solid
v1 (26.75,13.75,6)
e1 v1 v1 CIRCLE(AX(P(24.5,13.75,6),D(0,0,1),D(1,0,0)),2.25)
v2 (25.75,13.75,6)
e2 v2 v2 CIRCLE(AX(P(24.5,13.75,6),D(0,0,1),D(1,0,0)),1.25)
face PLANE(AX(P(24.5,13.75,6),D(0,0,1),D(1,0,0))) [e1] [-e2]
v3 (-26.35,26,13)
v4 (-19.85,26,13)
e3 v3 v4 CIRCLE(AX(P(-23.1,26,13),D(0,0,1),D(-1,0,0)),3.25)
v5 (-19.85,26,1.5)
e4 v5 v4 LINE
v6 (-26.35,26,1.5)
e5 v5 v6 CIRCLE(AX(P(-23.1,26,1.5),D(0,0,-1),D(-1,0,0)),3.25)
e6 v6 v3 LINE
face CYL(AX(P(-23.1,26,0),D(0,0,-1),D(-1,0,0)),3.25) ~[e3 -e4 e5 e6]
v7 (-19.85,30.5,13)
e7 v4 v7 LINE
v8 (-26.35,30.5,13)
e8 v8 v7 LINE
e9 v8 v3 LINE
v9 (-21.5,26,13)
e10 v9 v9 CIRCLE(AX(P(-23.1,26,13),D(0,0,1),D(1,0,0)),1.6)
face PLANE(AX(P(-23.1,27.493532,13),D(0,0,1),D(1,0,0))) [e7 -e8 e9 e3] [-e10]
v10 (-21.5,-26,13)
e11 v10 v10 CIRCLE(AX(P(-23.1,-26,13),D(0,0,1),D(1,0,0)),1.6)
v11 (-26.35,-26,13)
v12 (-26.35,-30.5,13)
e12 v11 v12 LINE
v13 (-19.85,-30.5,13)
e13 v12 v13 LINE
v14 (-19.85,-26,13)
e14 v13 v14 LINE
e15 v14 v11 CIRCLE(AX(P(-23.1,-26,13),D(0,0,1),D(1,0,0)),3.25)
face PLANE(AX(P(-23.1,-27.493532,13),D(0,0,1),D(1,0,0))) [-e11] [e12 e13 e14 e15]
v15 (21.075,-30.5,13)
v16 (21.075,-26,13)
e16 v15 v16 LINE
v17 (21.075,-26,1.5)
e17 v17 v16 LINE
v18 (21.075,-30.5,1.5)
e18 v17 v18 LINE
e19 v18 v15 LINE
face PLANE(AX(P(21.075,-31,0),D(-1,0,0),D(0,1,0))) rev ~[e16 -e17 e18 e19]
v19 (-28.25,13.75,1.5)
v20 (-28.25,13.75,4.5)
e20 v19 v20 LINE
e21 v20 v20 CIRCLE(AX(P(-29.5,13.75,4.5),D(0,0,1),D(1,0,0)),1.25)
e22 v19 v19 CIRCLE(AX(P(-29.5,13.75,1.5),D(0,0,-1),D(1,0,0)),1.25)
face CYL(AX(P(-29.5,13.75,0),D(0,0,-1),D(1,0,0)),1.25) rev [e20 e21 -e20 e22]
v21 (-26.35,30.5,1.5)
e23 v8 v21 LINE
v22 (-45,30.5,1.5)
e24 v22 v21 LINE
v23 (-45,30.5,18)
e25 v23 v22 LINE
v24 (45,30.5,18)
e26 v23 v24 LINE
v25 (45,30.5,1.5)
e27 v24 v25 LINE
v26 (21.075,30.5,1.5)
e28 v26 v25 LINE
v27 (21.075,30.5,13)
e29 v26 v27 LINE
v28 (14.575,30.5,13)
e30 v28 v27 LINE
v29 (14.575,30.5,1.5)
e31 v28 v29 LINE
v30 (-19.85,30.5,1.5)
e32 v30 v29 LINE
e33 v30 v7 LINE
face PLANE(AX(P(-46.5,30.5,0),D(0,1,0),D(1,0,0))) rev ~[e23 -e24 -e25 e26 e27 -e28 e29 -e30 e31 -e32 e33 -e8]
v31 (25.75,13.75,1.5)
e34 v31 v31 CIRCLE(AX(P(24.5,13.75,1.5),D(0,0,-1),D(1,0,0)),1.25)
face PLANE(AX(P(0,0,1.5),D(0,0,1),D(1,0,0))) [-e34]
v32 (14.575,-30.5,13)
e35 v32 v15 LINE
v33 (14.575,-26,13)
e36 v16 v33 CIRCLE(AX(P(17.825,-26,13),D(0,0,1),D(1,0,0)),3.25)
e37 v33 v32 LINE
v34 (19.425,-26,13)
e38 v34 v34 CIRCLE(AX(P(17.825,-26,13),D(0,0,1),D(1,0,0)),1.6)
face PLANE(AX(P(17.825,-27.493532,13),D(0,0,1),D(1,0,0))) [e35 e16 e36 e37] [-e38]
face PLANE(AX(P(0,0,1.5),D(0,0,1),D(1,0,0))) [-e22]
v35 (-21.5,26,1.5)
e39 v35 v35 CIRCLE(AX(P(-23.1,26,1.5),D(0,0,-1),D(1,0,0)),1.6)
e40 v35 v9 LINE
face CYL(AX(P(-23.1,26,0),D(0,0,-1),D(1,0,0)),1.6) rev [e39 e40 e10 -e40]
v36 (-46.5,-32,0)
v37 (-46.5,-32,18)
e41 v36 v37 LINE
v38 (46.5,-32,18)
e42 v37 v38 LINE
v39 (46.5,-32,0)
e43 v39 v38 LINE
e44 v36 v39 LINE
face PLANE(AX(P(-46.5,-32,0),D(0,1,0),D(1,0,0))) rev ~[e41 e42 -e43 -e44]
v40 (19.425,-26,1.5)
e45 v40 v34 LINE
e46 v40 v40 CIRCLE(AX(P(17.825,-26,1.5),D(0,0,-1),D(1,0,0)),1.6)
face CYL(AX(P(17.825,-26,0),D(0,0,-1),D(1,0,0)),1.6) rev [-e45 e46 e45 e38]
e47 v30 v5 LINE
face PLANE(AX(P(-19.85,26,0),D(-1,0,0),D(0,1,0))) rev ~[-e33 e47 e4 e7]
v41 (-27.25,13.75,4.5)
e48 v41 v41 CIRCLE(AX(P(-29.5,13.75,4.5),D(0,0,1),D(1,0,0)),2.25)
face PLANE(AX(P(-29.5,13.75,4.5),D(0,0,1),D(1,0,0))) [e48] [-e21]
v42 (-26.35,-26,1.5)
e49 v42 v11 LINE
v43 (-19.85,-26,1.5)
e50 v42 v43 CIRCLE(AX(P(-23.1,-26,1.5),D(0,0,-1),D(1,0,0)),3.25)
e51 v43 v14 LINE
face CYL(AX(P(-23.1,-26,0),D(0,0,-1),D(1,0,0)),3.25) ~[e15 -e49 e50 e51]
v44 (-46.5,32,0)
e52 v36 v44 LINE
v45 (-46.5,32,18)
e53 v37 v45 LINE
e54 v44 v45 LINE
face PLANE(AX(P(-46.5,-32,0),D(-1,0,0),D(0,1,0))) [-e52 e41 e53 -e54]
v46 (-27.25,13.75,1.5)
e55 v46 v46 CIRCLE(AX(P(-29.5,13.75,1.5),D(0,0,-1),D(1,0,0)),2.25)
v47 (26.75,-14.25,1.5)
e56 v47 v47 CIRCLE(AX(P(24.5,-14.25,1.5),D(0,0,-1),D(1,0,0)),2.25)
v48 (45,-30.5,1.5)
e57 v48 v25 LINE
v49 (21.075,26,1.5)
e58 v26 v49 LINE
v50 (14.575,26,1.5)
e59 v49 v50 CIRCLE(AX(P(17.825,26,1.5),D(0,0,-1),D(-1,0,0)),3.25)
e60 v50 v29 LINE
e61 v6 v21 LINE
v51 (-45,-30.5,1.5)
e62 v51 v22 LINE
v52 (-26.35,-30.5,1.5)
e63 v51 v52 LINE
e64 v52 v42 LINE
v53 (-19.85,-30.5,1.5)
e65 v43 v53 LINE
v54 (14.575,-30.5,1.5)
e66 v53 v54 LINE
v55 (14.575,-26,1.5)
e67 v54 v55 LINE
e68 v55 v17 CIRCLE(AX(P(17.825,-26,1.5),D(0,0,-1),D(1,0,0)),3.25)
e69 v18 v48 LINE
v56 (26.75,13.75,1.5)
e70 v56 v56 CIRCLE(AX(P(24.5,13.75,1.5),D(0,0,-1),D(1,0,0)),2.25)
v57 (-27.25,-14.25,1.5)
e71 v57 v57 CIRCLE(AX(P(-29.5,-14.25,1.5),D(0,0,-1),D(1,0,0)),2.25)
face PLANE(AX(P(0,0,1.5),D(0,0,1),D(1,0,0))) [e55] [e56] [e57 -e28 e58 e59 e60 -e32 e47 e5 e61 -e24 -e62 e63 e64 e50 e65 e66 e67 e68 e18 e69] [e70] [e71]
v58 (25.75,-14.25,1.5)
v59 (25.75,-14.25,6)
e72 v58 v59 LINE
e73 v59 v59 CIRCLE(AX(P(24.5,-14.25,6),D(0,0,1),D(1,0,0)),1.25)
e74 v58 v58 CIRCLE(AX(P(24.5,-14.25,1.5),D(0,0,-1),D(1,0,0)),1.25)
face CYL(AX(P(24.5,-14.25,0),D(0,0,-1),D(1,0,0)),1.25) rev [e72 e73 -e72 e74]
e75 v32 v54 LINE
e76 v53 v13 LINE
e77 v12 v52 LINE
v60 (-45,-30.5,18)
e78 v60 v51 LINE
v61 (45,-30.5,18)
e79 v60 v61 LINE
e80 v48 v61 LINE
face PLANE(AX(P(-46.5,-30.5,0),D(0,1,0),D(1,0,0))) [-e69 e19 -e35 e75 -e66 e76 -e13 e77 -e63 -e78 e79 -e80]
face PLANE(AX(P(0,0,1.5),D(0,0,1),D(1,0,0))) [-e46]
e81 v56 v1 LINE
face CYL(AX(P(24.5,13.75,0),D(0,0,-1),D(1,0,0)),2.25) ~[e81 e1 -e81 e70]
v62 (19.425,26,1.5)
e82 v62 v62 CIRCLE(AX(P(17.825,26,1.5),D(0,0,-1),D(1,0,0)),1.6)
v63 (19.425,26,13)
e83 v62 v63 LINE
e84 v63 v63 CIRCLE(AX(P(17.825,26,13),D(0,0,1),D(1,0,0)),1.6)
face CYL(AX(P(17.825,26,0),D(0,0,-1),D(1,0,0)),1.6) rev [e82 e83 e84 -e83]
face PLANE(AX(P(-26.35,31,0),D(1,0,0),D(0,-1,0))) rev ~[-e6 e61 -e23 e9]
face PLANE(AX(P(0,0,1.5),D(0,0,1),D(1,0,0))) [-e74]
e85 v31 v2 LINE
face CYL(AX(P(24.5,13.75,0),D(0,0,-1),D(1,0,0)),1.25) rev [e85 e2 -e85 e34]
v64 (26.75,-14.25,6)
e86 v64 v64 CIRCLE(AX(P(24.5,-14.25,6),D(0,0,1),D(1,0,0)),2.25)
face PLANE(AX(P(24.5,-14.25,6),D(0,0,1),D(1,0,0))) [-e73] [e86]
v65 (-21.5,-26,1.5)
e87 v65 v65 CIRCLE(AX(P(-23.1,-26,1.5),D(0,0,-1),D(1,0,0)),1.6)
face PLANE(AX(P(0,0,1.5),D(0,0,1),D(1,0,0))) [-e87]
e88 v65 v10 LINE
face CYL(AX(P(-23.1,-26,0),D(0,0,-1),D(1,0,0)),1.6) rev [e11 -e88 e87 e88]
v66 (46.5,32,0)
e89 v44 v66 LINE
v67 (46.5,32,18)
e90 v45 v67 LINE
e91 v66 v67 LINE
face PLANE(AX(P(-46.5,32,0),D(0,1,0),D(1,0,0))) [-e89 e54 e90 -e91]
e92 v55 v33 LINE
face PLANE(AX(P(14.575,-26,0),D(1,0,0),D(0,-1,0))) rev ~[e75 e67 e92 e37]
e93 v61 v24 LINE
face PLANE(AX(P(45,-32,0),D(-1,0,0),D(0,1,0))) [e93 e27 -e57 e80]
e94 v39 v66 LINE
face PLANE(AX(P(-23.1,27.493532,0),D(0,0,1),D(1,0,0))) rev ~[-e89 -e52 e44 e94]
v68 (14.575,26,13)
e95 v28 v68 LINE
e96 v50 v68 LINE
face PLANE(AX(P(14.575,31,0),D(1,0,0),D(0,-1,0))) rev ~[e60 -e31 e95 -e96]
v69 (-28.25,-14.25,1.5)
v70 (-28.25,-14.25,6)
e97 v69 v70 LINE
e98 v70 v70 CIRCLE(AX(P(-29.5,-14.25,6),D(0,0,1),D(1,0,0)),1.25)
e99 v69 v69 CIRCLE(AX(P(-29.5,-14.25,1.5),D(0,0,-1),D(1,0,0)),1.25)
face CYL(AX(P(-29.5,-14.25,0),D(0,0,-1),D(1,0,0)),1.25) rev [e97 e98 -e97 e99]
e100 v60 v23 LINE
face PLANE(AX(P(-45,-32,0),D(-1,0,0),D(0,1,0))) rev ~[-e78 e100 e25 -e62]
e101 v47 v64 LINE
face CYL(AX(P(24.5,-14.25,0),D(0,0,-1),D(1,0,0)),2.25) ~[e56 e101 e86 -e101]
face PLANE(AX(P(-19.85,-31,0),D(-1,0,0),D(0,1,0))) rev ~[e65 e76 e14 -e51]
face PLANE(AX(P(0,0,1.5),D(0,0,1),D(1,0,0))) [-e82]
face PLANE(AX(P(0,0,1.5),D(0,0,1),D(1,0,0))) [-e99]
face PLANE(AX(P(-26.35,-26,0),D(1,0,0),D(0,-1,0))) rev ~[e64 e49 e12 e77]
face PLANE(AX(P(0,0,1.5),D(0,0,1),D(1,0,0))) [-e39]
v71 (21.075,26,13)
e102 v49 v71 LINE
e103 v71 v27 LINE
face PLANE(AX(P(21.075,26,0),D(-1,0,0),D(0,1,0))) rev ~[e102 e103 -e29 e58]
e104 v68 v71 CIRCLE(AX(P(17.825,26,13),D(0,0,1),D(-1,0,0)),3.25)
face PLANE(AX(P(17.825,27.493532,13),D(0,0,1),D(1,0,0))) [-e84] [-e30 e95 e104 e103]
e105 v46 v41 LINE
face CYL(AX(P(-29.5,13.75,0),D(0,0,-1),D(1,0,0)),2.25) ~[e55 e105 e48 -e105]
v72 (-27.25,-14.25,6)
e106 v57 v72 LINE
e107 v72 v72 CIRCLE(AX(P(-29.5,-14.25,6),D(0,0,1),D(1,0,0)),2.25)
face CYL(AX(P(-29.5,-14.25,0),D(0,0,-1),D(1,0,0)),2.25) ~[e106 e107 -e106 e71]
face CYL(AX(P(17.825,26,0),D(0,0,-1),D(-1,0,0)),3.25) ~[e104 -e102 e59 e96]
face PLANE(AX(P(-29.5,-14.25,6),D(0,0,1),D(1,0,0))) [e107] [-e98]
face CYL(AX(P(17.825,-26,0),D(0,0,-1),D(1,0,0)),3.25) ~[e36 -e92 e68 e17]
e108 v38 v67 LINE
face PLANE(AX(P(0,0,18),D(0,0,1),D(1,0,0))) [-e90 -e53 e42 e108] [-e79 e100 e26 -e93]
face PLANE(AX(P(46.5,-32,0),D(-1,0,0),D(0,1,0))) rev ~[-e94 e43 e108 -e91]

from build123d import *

# Parameters (mm, degrees)
F0_W     = 93
F0_H     = 64
F1_DEPTH = 18
F2_T     = -1.5
F3_R     = 2.25
F3_R_2   = 1.25
F4_DEPTH = 6
F5_DEPTH = 4.5
F3_R_3   = 1.6
F6_DEPTH = 13


with BuildPart() as f1:
    # F0 (on Top) → F1 (new body)
    with BuildSketch(Plane.XY):
        Rectangle(F0_W, F0_H)
    extrude(amount=F1_DEPTH)

    # F2
    f2_openings = [f1.faces().sort_by_distance(p)[0] for p in [
        (0, 0, 18),
    ]]
    offset(amount=F2_T, openings=f2_openings)

    # F3 (on Top) → F4 (join)
    with BuildSketch(Plane.XY):
        with Locations((-29.5, -14.25)):
            Circle(F3_R)
        with Locations((-29.5, -14.25)):
            Circle(F3_R_2, mode=Mode.SUBTRACT)
        with Locations((24.5, -14.25)):
            Circle(F3_R)
        with Locations((24.5, -14.25)):
            Circle(F3_R_2, mode=Mode.SUBTRACT)
        with Locations((24.5, 13.75)):
            Circle(F3_R)
        with Locations((24.5, 13.75)):
            Circle(F3_R_2, mode=Mode.SUBTRACT)
    extrude(amount=F4_DEPTH)

    # F3 (on Top) → F5 (join)
    with BuildSketch(Plane.XY):
        with Locations((-29.5, 13.75)):
            Circle(F3_R)
        with Locations((-29.5, 13.75)):
            Circle(F3_R_2, mode=Mode.SUBTRACT)
    extrude(amount=F5_DEPTH)

    # F3 (on Top) → F6 (join)
    with BuildSketch(Plane.XY):
        with BuildLine():
            Line((-19.85, 31), (-26.35, 31))
            Line((-26.35, 31), (-26.35, 26))
            ThreePointArc((-26.35, 26), (-23.1, 22.75), (-19.85, 26))
            Line((-19.85, 26), (-19.85, 31))
        make_face()
        with Locations((-23.1, 26)):
            Circle(F3_R_3, mode=Mode.SUBTRACT)
        with BuildLine():
            Line((21.075, 31), (14.575, 31))
            Line((14.575, 31), (14.575, 26))
            ThreePointArc((14.575, 26), (17.825, 22.75), (21.075, 26))
            Line((21.075, 26), (21.075, 31))
        make_face()
        with Locations((17.825, 26)):
            Circle(F3_R_3, mode=Mode.SUBTRACT)
        with BuildLine():
            Line((14.575, -26), (14.575, -31))
            Line((14.575, -31), (21.075, -31))
            Line((21.075, -31), (21.075, -26))
            ThreePointArc((21.075, -26), (17.825, -22.75), (14.575, -26))
        make_face()
        with Locations((17.825, -26)):
            Circle(F3_R_3, mode=Mode.SUBTRACT)
        with BuildLine():
            Line((-26.35, -26), (-26.35, -31))
            Line((-26.35, -31), (-19.85, -31))
            Line((-19.85, -31), (-19.85, -26))
            ThreePointArc((-19.85, -26), (-23.1, -22.75), (-26.35, -26))
        make_face()
        with Locations((-23.1, -26)):
            Circle(F3_R_3, mode=Mode.SUBTRACT)
    extrude(amount=F6_DEPTH)


solid = f1.part
